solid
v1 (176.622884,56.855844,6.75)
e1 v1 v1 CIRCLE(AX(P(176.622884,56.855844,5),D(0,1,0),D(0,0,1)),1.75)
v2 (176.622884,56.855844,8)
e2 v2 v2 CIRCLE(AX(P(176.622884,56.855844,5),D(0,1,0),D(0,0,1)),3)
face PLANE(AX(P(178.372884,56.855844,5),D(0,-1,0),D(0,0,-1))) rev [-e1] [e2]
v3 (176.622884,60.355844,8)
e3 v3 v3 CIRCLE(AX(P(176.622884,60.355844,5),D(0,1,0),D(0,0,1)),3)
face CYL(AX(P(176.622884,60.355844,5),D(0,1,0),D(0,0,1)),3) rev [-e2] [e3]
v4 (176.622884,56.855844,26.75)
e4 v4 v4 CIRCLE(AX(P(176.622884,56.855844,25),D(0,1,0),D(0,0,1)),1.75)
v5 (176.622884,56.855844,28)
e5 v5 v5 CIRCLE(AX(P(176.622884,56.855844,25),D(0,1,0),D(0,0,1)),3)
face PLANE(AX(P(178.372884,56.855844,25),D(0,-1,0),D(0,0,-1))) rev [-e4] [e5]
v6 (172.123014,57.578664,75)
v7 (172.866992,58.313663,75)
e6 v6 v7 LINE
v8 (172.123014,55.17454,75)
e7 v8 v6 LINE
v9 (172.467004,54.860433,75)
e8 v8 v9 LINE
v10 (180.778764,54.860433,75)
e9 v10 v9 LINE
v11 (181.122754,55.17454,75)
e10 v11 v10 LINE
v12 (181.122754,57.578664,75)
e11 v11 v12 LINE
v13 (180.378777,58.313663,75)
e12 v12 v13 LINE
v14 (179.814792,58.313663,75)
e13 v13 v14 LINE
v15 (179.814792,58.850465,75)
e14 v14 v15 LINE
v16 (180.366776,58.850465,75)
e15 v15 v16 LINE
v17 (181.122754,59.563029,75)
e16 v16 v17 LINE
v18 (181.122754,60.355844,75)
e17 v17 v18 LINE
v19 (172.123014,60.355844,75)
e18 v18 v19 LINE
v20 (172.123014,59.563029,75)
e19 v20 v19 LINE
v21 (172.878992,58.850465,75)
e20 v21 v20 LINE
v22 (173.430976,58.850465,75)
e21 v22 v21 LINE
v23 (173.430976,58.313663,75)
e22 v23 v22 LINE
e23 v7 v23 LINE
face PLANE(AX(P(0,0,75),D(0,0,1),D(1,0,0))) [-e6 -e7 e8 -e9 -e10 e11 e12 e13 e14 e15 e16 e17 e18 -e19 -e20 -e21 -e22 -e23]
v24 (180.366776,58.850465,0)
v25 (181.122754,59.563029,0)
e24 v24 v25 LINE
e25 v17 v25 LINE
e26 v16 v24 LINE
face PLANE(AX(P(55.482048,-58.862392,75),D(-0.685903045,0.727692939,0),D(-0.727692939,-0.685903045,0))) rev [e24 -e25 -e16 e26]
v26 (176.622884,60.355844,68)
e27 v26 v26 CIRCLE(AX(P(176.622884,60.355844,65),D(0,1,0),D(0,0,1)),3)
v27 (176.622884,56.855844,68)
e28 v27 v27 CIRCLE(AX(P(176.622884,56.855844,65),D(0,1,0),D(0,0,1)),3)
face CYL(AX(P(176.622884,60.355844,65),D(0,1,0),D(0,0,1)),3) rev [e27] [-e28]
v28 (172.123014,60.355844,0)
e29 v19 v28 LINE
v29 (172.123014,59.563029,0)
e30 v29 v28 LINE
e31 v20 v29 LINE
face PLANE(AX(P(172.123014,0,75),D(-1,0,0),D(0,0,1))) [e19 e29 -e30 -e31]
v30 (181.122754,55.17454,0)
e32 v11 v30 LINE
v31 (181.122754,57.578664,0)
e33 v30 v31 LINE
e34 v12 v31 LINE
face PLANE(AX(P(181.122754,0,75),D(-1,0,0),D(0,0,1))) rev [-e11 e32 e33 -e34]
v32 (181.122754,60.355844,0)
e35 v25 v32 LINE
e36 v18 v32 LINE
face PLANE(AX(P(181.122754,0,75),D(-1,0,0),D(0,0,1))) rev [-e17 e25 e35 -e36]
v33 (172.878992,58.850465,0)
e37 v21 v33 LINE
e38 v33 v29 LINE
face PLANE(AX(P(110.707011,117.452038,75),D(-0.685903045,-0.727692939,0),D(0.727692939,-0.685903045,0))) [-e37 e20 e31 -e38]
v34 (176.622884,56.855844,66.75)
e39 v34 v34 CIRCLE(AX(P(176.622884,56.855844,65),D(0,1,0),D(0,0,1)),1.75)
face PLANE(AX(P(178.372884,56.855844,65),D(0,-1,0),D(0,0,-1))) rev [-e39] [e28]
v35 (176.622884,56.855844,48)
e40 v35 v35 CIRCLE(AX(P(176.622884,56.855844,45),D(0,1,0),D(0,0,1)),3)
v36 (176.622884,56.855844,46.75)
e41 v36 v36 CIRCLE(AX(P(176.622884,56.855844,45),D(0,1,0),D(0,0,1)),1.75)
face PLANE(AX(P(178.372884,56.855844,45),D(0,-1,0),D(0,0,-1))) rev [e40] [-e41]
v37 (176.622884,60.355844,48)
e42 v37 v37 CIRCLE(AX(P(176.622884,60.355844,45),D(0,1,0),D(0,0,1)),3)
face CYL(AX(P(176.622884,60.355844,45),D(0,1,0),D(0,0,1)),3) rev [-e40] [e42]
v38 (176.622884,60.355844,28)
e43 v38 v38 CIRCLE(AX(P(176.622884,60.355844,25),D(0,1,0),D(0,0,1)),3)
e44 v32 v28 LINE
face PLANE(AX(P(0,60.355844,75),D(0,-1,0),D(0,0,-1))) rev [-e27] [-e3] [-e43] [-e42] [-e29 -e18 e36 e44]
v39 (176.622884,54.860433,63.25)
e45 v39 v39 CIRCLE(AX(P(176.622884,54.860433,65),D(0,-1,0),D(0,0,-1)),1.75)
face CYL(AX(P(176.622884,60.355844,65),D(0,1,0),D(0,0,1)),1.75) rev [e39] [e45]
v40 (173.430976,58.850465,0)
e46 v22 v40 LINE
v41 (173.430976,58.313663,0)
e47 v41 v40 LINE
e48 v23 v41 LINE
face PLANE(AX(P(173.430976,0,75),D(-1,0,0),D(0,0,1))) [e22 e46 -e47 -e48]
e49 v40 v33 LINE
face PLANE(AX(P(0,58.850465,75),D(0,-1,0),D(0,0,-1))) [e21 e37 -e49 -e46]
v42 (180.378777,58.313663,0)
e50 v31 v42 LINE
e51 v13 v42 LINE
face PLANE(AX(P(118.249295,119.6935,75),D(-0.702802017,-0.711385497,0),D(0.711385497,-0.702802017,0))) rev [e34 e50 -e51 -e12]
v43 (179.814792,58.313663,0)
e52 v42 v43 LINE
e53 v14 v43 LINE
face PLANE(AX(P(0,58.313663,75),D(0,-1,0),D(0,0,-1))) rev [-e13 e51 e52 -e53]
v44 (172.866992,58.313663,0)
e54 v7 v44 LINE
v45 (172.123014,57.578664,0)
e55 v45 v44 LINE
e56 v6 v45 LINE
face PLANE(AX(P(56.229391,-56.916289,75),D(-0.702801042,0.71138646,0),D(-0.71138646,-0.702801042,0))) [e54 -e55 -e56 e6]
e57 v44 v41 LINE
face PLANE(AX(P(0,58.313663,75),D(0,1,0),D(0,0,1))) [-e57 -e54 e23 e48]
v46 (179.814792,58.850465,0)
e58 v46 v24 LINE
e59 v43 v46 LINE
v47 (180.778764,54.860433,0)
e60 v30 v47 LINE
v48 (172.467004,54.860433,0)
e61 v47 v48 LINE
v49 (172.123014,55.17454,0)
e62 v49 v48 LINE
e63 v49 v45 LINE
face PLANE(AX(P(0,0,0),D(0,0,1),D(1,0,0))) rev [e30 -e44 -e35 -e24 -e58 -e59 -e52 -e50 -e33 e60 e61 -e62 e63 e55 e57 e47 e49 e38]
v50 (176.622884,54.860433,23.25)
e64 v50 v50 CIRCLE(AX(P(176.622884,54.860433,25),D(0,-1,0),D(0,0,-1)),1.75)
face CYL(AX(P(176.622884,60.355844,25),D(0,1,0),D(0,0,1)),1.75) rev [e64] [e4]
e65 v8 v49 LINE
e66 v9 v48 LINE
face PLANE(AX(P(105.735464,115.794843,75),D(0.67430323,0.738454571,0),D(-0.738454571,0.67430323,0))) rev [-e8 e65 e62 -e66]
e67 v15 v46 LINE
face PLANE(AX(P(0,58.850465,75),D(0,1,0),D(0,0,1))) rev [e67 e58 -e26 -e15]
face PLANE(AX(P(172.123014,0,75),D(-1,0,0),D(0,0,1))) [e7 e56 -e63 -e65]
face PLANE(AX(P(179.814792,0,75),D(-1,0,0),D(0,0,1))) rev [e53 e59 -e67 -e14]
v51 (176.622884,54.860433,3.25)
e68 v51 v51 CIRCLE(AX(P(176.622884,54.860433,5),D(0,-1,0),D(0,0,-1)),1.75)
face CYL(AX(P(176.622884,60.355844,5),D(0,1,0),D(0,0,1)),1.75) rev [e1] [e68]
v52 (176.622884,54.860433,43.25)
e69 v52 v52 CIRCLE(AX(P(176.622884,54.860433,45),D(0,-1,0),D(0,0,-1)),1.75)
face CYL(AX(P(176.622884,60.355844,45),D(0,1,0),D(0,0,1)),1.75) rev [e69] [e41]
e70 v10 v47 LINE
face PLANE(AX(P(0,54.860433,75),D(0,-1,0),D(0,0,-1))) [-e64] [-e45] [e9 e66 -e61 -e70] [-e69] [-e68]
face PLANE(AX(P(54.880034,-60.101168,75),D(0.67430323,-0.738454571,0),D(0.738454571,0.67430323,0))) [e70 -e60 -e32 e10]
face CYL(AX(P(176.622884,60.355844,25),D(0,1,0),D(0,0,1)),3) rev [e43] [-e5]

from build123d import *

# Parameters (mm, degrees)
EXTRUDE_1_DEPTH              = 75
HOLE_WIZARD_M6_1_D           = 3.5
HOLE_WIZARD_M6_1_DEPTH       = 5.495410489
HOLE_WIZARD_M6_1_CBORE_D     = 6
HOLE_WIZARD_M6_1_CBORE_DEPTH = 3.5


with BuildPart() as part:
    # Model → 凸台-拉伸1 (new body)
    with BuildSketch(Plane.XY):
        Polygon((172.467003798, 54.860433324), (176.62288374, 54.860433324), (180.778763681, 54.860433324), (181.122753743, 55.174540135), (181.122753743, 57.578663559), (180.378777275, 58.313663309), (179.814791529, 58.313663309), (179.814791529, 58.850465041), (180.366775583, 58.850465041), (181.122753743, 59.563028946), (181.122753743, 60.355843813), (176.62288374, 60.355843813), (172.123013736, 60.355843813), (172.123013736, 59.563028946), (172.878991897, 58.850465041), (173.43097595, 58.850465041), (173.43097595, 58.313663309), (172.866992243, 58.313663309), (172.123013736, 57.578663559), (172.123013736, 55.174540135), align=None)
    extrude(amount=EXTRUDE_1_DEPTH)

    # M6 六角头螺栓的柱形沉头孔1
    with Locations(Plane(origin=(176.62288374, 60.355843813, 5), x_dir=(0, 0, 1), z_dir=(0, 1, 0))):
        with Locations((0, 0), (20, 0), (40, 0), (60, 0)):
            CounterBoreHole(HOLE_WIZARD_M6_1_D / 2, HOLE_WIZARD_M6_1_CBORE_D / 2, HOLE_WIZARD_M6_1_CBORE_DEPTH, depth=HOLE_WIZARD_M6_1_DEPTH)


solid = part.part
